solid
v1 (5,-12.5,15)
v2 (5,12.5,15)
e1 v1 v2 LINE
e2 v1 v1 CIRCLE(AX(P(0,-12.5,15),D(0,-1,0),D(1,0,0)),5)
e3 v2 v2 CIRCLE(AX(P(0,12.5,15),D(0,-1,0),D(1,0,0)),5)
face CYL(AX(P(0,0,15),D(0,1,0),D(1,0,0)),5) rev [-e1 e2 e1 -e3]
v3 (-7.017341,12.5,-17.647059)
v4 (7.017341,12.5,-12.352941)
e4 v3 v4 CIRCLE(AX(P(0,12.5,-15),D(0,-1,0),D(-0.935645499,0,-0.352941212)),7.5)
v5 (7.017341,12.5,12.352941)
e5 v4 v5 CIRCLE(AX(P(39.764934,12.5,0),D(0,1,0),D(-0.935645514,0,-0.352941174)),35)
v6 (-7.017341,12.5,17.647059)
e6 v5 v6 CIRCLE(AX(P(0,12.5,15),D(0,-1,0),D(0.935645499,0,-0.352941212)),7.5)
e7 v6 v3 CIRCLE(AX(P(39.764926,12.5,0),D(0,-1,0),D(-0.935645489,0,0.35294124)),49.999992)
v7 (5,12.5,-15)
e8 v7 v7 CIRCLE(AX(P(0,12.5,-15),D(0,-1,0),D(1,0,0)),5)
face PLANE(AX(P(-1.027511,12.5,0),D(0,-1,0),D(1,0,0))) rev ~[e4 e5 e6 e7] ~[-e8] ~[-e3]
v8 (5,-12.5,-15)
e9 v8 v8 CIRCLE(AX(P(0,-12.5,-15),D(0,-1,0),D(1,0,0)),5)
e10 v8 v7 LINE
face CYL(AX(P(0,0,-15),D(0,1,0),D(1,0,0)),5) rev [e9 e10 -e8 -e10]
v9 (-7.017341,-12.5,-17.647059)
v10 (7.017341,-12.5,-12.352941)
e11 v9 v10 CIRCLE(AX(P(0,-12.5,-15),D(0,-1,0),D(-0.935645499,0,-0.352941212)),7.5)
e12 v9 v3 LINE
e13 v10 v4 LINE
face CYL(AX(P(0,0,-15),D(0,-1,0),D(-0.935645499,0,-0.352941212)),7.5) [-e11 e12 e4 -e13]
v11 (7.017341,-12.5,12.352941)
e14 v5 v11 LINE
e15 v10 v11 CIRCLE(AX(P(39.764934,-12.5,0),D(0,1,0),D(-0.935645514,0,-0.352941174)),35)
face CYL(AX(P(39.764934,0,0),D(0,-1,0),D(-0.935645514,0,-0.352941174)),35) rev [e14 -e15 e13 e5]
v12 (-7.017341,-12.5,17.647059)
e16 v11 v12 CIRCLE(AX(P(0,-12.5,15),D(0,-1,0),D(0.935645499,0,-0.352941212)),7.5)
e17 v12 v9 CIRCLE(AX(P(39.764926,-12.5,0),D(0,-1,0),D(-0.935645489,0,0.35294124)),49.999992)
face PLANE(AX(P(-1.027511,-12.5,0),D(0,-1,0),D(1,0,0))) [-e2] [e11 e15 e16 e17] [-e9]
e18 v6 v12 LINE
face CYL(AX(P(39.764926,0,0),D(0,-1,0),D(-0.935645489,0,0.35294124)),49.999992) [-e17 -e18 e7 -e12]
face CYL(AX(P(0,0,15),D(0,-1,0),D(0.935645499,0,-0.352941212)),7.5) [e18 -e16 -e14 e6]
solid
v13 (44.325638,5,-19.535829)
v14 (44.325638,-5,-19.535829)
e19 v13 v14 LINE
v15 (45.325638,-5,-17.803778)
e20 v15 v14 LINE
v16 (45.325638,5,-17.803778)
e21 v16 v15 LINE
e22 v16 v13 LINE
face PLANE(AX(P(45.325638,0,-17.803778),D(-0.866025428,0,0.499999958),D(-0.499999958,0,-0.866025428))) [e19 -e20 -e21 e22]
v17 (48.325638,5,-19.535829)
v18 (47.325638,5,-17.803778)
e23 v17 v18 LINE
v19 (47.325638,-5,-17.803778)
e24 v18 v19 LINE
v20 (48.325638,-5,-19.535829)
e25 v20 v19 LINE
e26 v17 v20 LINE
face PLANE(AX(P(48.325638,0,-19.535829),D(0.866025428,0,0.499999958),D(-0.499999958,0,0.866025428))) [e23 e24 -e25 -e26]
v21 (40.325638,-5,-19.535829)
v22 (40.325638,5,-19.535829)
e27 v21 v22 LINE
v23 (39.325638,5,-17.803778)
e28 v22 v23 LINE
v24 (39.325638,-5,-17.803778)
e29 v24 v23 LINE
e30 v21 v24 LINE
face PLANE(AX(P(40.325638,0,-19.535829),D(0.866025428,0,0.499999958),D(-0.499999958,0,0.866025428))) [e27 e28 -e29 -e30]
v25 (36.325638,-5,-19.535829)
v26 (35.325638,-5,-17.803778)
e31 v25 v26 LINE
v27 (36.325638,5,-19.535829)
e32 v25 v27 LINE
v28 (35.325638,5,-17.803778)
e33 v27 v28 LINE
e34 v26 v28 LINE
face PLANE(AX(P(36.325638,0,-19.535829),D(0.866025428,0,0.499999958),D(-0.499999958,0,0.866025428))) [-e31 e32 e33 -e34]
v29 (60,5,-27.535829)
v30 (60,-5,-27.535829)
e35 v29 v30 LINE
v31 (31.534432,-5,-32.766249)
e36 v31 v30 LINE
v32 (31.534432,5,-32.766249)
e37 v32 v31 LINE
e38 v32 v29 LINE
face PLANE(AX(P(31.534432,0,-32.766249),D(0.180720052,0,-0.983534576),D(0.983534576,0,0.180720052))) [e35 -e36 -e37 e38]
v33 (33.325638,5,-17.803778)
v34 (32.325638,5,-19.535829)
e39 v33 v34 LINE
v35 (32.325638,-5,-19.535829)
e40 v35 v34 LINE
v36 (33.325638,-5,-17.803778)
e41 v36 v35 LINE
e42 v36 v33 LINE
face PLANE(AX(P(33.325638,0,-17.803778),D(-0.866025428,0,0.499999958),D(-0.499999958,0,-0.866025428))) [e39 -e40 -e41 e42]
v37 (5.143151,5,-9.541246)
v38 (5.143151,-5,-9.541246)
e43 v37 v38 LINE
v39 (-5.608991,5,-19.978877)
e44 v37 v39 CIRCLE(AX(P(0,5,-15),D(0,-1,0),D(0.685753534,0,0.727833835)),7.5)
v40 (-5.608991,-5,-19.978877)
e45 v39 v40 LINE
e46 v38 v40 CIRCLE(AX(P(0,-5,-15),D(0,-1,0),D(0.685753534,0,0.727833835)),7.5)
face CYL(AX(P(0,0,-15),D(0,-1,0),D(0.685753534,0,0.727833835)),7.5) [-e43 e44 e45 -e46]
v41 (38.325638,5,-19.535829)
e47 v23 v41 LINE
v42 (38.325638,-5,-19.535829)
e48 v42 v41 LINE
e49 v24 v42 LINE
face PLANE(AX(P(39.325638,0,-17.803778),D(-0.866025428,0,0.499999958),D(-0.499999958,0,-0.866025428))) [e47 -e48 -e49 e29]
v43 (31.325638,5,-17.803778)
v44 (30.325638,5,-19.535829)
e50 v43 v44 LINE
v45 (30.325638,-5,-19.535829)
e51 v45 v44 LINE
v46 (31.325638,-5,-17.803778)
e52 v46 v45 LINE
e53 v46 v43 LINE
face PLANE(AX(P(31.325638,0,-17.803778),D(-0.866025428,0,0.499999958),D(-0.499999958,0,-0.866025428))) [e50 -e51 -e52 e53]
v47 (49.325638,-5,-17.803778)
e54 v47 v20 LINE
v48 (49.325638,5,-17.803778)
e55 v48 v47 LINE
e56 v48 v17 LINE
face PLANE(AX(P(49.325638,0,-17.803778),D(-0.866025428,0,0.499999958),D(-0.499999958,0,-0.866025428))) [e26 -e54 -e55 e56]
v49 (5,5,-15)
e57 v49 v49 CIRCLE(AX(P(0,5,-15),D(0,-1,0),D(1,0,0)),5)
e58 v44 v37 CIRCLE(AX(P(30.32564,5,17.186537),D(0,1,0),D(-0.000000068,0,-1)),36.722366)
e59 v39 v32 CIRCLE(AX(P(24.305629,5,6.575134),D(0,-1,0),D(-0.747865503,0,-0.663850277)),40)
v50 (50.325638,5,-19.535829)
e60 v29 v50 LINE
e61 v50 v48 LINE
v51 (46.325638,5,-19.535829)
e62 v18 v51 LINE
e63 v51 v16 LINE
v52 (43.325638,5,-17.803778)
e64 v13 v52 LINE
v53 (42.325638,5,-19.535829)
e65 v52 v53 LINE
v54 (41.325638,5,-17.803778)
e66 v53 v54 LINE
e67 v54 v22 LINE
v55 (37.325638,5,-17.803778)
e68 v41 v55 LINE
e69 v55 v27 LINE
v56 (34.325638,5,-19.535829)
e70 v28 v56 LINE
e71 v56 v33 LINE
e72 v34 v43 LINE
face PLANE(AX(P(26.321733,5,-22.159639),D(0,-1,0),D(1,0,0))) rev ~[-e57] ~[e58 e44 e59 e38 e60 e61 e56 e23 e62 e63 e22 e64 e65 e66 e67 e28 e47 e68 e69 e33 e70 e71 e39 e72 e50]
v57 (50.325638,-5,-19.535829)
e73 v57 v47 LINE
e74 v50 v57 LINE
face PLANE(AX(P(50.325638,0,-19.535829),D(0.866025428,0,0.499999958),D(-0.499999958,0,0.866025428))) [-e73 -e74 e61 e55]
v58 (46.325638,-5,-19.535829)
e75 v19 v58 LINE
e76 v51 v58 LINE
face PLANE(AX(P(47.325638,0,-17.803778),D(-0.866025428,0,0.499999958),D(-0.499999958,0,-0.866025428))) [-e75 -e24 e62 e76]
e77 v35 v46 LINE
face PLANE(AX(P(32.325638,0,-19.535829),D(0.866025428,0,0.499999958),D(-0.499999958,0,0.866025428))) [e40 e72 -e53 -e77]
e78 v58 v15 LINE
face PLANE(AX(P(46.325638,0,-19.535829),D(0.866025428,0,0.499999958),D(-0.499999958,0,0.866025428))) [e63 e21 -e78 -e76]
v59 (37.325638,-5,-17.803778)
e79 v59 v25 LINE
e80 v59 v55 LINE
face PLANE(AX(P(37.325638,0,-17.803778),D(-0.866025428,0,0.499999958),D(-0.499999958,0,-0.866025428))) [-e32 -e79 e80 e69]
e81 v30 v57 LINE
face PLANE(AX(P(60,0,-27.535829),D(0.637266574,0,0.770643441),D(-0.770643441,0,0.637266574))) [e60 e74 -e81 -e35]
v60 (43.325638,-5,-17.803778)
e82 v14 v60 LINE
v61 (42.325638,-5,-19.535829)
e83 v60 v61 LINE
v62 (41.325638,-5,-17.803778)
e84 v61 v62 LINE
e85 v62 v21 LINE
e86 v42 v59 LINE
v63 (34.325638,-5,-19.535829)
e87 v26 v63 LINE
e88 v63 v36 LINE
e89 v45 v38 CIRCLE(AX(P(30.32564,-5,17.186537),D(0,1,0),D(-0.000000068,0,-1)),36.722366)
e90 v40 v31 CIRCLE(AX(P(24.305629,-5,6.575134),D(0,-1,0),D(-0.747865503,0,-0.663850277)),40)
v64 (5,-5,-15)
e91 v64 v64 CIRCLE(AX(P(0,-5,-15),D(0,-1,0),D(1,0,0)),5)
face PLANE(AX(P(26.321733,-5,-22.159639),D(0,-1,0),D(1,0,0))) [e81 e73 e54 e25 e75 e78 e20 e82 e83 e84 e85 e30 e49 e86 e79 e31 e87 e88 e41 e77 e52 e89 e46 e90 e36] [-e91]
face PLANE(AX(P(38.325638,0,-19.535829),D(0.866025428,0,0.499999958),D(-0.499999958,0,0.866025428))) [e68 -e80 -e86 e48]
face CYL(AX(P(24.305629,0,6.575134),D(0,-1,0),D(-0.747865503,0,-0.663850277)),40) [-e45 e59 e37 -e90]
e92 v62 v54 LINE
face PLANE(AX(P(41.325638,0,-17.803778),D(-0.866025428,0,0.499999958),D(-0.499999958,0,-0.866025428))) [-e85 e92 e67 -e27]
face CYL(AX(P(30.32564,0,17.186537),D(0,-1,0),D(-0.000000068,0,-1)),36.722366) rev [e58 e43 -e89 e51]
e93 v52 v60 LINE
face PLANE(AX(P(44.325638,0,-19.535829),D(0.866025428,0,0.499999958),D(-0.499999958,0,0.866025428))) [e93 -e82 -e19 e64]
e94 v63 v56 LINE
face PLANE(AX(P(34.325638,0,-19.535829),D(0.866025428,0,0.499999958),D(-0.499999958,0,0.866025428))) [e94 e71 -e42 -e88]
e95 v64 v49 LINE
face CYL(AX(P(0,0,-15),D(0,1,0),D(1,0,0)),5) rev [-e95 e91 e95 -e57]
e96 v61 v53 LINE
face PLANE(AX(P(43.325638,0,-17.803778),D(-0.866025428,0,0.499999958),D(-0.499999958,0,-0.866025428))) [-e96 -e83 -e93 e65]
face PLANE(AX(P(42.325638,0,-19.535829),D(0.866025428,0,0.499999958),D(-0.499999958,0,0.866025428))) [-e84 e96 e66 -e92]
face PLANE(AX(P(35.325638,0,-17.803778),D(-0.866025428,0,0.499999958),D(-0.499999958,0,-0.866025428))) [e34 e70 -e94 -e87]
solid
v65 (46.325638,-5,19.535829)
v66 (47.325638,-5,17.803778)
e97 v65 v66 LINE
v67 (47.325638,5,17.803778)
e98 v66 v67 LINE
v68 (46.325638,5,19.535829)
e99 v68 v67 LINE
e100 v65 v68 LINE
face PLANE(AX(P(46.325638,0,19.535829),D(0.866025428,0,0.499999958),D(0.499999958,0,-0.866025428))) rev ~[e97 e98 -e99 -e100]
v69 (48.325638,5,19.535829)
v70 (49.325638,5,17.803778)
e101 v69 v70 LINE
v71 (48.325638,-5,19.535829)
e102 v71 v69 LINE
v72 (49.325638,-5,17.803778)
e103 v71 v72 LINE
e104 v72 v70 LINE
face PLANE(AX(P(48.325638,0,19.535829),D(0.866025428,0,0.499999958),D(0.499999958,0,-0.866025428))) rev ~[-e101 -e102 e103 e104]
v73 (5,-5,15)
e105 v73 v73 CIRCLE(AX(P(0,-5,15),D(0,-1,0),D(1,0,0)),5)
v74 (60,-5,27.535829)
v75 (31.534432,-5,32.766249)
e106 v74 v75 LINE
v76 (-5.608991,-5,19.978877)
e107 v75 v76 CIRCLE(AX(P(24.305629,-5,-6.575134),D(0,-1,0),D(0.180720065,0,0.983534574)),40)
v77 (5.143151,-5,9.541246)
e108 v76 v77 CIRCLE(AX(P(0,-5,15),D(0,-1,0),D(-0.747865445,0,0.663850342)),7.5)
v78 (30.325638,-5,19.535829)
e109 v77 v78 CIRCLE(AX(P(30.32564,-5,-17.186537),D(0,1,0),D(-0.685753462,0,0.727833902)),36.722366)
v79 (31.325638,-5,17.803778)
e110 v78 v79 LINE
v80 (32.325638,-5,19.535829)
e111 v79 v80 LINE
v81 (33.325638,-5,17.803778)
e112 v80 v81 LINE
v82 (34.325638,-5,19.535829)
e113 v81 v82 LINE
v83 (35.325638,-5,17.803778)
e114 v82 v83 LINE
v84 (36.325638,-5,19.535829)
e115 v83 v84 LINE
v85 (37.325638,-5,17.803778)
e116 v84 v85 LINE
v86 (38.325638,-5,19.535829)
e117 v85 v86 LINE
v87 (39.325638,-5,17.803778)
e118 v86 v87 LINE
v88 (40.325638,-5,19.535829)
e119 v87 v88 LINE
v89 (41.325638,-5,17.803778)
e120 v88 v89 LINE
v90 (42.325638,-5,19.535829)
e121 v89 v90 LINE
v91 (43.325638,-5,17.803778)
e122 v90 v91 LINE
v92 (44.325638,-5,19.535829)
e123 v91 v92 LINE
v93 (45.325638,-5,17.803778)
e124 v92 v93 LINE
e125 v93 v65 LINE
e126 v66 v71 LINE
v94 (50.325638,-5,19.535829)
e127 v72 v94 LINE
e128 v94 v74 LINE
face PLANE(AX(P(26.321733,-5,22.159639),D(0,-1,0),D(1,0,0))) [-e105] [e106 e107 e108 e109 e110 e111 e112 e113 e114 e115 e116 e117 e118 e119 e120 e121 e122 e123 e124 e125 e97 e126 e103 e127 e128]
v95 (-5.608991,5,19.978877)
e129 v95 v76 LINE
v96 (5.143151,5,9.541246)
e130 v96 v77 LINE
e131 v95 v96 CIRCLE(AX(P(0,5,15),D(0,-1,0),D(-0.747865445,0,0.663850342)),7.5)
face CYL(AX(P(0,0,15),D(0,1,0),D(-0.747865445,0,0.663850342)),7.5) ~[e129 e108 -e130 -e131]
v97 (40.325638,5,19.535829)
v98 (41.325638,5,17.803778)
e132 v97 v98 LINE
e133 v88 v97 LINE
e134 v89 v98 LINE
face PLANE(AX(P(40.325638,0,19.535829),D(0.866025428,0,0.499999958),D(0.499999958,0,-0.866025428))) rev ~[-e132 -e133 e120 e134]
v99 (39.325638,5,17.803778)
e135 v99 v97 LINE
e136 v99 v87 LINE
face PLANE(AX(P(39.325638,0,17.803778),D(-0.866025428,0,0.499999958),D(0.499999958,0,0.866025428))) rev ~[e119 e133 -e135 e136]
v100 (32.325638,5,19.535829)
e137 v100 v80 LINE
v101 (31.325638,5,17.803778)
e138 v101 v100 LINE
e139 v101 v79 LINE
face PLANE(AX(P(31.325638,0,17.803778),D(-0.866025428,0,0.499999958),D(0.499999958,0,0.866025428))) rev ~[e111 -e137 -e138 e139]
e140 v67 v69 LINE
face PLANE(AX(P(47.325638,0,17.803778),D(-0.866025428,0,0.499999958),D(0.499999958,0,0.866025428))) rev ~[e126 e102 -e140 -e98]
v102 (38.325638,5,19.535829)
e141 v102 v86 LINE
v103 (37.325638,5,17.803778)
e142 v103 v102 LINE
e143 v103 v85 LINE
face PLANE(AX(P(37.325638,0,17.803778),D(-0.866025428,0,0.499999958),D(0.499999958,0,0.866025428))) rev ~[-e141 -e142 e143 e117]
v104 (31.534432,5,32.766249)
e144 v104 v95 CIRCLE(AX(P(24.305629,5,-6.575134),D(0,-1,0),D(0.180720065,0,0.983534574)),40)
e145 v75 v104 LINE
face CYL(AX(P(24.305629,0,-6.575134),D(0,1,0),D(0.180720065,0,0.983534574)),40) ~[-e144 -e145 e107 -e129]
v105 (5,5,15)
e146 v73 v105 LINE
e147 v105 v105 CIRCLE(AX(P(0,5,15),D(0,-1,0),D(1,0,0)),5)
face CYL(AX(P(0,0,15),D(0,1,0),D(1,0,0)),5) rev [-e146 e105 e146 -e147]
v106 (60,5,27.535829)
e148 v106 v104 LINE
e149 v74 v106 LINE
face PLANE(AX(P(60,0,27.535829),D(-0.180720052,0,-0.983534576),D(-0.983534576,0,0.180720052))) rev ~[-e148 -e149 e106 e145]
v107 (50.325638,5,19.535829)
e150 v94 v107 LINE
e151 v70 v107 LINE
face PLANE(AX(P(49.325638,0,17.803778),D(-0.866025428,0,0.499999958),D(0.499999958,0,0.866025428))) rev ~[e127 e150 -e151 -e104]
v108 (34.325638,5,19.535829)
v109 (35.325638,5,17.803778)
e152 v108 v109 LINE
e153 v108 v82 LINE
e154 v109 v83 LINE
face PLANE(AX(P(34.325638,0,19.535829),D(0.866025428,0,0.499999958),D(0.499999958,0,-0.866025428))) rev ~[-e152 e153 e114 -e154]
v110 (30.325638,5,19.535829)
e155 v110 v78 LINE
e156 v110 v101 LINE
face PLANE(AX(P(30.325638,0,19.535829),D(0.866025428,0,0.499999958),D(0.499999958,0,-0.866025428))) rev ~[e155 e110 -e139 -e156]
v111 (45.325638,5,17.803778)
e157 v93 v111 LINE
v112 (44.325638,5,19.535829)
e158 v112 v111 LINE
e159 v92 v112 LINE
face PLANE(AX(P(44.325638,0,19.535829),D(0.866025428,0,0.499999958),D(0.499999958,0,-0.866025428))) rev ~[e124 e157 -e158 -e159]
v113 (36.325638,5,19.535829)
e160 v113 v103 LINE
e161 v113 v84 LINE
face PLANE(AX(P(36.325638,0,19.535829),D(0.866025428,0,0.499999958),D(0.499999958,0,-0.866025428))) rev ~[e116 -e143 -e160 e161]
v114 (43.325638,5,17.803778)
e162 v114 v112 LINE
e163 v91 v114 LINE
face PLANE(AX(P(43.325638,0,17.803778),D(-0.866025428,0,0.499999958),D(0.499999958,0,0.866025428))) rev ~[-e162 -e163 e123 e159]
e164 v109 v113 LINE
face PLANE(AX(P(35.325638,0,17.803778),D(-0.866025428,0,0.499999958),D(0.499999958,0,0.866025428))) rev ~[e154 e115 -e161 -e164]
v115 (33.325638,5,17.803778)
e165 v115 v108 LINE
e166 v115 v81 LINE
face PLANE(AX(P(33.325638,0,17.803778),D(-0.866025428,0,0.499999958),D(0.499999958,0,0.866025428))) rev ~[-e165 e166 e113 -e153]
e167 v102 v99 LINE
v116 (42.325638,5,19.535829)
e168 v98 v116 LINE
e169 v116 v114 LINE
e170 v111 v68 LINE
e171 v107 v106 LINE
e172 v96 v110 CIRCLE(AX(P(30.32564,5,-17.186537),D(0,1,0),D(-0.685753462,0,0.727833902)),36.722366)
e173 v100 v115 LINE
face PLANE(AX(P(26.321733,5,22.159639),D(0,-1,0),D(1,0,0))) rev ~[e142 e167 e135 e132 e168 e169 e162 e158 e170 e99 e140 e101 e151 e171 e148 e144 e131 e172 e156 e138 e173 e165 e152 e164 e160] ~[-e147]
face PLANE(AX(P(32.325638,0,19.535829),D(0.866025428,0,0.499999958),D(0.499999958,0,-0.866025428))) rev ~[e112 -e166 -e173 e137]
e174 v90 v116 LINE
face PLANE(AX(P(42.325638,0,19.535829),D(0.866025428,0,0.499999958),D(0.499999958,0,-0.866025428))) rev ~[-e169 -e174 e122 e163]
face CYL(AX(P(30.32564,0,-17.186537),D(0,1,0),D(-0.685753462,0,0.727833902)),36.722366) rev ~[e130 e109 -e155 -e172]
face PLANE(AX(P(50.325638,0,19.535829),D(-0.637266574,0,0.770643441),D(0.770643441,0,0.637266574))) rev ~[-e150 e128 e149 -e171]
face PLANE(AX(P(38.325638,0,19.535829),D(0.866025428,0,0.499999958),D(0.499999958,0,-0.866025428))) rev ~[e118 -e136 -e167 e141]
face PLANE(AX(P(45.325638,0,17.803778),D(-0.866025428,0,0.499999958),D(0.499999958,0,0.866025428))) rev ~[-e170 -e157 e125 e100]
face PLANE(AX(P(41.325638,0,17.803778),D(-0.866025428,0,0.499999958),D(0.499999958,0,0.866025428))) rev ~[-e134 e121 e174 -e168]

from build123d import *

# Parameters (mm, degrees)
F0_R     = 5
F2_DEPTH = 12.5
F1_R     = 5
F3_DEPTH = 5


with BuildPart() as f2:
    # F0 (on Front) → F2 (new body, symmetric)
    with BuildSketch(Plane.XZ):
        with BuildLine():
            ThreePointArc((7.017341, -12.352941), (4.764934, 0), (7.017341, 12.352941))
            ThreePointArc((7.017341, 12.352941), (2.647059, 22.017341), (-7.017341, 17.647059))
            ThreePointArc((-7.017341, 17.647059), (-10.235066, 0), (-7.017341, -17.647059))
            ThreePointArc((-7.017341, -17.647059), (2.647059, -22.017341), (7.017341, -12.352941))
        make_face()
        with Locations((0, -15)):
            Circle(F0_R, mode=Mode.SUBTRACT)
        with Locations((0, 15)):
            Circle(F0_R, mode=Mode.SUBTRACT)
    extrude(amount=F2_DEPTH, both=True)


with BuildPart() as f3:
    # F1 (on Front) → F3 (new body, symmetric)
    with BuildSketch(Plane.XZ):
        with BuildLine():
            ThreePointArc((31.534432, 32.766249), (11.284846, 31.246278), (-5.608991, 19.978877))
            ThreePointArc((-5.608991, 19.978877), (-5.224011, 9.618577), (5.143151, 9.541246))
            ThreePointArc((5.143151, 9.541246), (16.778966, 16.945849), (30.325638, 19.535829))
            Line((30.325638, 19.535829), (31.325638, 17.803778))
            Line((31.325638, 17.803778), (32.325638, 19.535829))
            Line((32.325638, 19.535829), (33.325638, 17.803778))
            Line((33.325638, 17.803778), (34.325638, 19.535829))
            Line((34.325638, 19.535829), (35.325638, 17.803778))
            Line((35.325638, 17.803778), (36.325638, 19.535829))
            Line((36.325638, 19.535829), (37.325638, 17.803778))
            Line((37.325638, 17.803778), (38.325638, 19.535829))
            Line((38.325638, 19.535829), (39.325638, 17.803778))
            Line((39.325638, 17.803778), (40.325638, 19.535829))
            Line((40.325638, 19.535829), (41.325638, 17.803778))
            Line((41.325638, 17.803778), (42.325638, 19.535829))
            Line((42.325638, 19.535829), (43.325638, 17.803778))
            Line((43.325638, 17.803778), (44.325638, 19.535829))
            Line((44.325638, 19.535829), (45.325638, 17.803778))
            Line((45.325638, 17.803778), (46.325638, 19.535829))
            Line((46.325638, 19.535829), (47.325638, 17.803778))
            Line((47.325638, 17.803778), (48.325638, 19.535829))
            Line((48.325638, 19.535829), (49.325638, 17.803778))
            Line((49.325638, 17.803778), (50.325638, 19.535829))
            Line((50.325638, 19.535829), (60, 27.535829))
            Line((60, 27.535829), (31.534432, 32.766249))
        make_face()
        with Locations((0, 15)):
            Circle(F1_R, mode=Mode.SUBTRACT)
        with BuildLine():
            ThreePointArc((30.325638, -19.535829), (16.778966, -16.945849), (5.143151, -9.541246))
            ThreePointArc((5.143151, -9.541246), (-5.224011, -9.618577), (-5.608991, -19.978877))
            ThreePointArc((-5.608991, -19.978877), (11.284846, -31.246278), (31.534432, -32.766249))
            Line((31.534432, -32.766249), (60, -27.535829))
            Line((60, -27.535829), (50.325638, -19.535829))
            Line((50.325638, -19.535829), (49.325638, -17.803778))
            Line((49.325638, -17.803778), (48.325638, -19.535829))
            Line((48.325638, -19.535829), (47.325638, -17.803778))
            Line((47.325638, -17.803778), (46.325638, -19.535829))
            Line((46.325638, -19.535829), (45.325638, -17.803778))
            Line((45.325638, -17.803778), (44.325638, -19.535829))
            Line((44.325638, -19.535829), (43.325638, -17.803778))
            Line((43.325638, -17.803778), (42.325638, -19.535829))
            Line((42.325638, -19.535829), (41.325638, -17.803778))
            Line((41.325638, -17.803778), (40.325638, -19.535829))
            Line((40.325638, -19.535829), (39.325638, -17.803778))
            Line((39.325638, -17.803778), (38.325638, -19.535829))
            Line((38.325638, -19.535829), (37.325638, -17.803778))
            Line((37.325638, -17.803778), (36.325638, -19.535829))
            Line((36.325638, -19.535829), (35.325638, -17.803778))
            Line((35.325638, -17.803778), (34.325638, -19.535829))
            Line((34.325638, -19.535829), (33.325638, -17.803778))
            Line((33.325638, -17.803778), (32.325638, -19.535829))
            Line((32.325638, -19.535829), (31.325638, -17.803778))
            Line((31.325638, -17.803778), (30.325638, -19.535829))
        make_face()
        with Locations((0, -15)):
            Circle(F1_R, mode=Mode.SUBTRACT)
    extrude(amount=F3_DEPTH, both=True)


solid = Compound([f2.part, f3.part])
